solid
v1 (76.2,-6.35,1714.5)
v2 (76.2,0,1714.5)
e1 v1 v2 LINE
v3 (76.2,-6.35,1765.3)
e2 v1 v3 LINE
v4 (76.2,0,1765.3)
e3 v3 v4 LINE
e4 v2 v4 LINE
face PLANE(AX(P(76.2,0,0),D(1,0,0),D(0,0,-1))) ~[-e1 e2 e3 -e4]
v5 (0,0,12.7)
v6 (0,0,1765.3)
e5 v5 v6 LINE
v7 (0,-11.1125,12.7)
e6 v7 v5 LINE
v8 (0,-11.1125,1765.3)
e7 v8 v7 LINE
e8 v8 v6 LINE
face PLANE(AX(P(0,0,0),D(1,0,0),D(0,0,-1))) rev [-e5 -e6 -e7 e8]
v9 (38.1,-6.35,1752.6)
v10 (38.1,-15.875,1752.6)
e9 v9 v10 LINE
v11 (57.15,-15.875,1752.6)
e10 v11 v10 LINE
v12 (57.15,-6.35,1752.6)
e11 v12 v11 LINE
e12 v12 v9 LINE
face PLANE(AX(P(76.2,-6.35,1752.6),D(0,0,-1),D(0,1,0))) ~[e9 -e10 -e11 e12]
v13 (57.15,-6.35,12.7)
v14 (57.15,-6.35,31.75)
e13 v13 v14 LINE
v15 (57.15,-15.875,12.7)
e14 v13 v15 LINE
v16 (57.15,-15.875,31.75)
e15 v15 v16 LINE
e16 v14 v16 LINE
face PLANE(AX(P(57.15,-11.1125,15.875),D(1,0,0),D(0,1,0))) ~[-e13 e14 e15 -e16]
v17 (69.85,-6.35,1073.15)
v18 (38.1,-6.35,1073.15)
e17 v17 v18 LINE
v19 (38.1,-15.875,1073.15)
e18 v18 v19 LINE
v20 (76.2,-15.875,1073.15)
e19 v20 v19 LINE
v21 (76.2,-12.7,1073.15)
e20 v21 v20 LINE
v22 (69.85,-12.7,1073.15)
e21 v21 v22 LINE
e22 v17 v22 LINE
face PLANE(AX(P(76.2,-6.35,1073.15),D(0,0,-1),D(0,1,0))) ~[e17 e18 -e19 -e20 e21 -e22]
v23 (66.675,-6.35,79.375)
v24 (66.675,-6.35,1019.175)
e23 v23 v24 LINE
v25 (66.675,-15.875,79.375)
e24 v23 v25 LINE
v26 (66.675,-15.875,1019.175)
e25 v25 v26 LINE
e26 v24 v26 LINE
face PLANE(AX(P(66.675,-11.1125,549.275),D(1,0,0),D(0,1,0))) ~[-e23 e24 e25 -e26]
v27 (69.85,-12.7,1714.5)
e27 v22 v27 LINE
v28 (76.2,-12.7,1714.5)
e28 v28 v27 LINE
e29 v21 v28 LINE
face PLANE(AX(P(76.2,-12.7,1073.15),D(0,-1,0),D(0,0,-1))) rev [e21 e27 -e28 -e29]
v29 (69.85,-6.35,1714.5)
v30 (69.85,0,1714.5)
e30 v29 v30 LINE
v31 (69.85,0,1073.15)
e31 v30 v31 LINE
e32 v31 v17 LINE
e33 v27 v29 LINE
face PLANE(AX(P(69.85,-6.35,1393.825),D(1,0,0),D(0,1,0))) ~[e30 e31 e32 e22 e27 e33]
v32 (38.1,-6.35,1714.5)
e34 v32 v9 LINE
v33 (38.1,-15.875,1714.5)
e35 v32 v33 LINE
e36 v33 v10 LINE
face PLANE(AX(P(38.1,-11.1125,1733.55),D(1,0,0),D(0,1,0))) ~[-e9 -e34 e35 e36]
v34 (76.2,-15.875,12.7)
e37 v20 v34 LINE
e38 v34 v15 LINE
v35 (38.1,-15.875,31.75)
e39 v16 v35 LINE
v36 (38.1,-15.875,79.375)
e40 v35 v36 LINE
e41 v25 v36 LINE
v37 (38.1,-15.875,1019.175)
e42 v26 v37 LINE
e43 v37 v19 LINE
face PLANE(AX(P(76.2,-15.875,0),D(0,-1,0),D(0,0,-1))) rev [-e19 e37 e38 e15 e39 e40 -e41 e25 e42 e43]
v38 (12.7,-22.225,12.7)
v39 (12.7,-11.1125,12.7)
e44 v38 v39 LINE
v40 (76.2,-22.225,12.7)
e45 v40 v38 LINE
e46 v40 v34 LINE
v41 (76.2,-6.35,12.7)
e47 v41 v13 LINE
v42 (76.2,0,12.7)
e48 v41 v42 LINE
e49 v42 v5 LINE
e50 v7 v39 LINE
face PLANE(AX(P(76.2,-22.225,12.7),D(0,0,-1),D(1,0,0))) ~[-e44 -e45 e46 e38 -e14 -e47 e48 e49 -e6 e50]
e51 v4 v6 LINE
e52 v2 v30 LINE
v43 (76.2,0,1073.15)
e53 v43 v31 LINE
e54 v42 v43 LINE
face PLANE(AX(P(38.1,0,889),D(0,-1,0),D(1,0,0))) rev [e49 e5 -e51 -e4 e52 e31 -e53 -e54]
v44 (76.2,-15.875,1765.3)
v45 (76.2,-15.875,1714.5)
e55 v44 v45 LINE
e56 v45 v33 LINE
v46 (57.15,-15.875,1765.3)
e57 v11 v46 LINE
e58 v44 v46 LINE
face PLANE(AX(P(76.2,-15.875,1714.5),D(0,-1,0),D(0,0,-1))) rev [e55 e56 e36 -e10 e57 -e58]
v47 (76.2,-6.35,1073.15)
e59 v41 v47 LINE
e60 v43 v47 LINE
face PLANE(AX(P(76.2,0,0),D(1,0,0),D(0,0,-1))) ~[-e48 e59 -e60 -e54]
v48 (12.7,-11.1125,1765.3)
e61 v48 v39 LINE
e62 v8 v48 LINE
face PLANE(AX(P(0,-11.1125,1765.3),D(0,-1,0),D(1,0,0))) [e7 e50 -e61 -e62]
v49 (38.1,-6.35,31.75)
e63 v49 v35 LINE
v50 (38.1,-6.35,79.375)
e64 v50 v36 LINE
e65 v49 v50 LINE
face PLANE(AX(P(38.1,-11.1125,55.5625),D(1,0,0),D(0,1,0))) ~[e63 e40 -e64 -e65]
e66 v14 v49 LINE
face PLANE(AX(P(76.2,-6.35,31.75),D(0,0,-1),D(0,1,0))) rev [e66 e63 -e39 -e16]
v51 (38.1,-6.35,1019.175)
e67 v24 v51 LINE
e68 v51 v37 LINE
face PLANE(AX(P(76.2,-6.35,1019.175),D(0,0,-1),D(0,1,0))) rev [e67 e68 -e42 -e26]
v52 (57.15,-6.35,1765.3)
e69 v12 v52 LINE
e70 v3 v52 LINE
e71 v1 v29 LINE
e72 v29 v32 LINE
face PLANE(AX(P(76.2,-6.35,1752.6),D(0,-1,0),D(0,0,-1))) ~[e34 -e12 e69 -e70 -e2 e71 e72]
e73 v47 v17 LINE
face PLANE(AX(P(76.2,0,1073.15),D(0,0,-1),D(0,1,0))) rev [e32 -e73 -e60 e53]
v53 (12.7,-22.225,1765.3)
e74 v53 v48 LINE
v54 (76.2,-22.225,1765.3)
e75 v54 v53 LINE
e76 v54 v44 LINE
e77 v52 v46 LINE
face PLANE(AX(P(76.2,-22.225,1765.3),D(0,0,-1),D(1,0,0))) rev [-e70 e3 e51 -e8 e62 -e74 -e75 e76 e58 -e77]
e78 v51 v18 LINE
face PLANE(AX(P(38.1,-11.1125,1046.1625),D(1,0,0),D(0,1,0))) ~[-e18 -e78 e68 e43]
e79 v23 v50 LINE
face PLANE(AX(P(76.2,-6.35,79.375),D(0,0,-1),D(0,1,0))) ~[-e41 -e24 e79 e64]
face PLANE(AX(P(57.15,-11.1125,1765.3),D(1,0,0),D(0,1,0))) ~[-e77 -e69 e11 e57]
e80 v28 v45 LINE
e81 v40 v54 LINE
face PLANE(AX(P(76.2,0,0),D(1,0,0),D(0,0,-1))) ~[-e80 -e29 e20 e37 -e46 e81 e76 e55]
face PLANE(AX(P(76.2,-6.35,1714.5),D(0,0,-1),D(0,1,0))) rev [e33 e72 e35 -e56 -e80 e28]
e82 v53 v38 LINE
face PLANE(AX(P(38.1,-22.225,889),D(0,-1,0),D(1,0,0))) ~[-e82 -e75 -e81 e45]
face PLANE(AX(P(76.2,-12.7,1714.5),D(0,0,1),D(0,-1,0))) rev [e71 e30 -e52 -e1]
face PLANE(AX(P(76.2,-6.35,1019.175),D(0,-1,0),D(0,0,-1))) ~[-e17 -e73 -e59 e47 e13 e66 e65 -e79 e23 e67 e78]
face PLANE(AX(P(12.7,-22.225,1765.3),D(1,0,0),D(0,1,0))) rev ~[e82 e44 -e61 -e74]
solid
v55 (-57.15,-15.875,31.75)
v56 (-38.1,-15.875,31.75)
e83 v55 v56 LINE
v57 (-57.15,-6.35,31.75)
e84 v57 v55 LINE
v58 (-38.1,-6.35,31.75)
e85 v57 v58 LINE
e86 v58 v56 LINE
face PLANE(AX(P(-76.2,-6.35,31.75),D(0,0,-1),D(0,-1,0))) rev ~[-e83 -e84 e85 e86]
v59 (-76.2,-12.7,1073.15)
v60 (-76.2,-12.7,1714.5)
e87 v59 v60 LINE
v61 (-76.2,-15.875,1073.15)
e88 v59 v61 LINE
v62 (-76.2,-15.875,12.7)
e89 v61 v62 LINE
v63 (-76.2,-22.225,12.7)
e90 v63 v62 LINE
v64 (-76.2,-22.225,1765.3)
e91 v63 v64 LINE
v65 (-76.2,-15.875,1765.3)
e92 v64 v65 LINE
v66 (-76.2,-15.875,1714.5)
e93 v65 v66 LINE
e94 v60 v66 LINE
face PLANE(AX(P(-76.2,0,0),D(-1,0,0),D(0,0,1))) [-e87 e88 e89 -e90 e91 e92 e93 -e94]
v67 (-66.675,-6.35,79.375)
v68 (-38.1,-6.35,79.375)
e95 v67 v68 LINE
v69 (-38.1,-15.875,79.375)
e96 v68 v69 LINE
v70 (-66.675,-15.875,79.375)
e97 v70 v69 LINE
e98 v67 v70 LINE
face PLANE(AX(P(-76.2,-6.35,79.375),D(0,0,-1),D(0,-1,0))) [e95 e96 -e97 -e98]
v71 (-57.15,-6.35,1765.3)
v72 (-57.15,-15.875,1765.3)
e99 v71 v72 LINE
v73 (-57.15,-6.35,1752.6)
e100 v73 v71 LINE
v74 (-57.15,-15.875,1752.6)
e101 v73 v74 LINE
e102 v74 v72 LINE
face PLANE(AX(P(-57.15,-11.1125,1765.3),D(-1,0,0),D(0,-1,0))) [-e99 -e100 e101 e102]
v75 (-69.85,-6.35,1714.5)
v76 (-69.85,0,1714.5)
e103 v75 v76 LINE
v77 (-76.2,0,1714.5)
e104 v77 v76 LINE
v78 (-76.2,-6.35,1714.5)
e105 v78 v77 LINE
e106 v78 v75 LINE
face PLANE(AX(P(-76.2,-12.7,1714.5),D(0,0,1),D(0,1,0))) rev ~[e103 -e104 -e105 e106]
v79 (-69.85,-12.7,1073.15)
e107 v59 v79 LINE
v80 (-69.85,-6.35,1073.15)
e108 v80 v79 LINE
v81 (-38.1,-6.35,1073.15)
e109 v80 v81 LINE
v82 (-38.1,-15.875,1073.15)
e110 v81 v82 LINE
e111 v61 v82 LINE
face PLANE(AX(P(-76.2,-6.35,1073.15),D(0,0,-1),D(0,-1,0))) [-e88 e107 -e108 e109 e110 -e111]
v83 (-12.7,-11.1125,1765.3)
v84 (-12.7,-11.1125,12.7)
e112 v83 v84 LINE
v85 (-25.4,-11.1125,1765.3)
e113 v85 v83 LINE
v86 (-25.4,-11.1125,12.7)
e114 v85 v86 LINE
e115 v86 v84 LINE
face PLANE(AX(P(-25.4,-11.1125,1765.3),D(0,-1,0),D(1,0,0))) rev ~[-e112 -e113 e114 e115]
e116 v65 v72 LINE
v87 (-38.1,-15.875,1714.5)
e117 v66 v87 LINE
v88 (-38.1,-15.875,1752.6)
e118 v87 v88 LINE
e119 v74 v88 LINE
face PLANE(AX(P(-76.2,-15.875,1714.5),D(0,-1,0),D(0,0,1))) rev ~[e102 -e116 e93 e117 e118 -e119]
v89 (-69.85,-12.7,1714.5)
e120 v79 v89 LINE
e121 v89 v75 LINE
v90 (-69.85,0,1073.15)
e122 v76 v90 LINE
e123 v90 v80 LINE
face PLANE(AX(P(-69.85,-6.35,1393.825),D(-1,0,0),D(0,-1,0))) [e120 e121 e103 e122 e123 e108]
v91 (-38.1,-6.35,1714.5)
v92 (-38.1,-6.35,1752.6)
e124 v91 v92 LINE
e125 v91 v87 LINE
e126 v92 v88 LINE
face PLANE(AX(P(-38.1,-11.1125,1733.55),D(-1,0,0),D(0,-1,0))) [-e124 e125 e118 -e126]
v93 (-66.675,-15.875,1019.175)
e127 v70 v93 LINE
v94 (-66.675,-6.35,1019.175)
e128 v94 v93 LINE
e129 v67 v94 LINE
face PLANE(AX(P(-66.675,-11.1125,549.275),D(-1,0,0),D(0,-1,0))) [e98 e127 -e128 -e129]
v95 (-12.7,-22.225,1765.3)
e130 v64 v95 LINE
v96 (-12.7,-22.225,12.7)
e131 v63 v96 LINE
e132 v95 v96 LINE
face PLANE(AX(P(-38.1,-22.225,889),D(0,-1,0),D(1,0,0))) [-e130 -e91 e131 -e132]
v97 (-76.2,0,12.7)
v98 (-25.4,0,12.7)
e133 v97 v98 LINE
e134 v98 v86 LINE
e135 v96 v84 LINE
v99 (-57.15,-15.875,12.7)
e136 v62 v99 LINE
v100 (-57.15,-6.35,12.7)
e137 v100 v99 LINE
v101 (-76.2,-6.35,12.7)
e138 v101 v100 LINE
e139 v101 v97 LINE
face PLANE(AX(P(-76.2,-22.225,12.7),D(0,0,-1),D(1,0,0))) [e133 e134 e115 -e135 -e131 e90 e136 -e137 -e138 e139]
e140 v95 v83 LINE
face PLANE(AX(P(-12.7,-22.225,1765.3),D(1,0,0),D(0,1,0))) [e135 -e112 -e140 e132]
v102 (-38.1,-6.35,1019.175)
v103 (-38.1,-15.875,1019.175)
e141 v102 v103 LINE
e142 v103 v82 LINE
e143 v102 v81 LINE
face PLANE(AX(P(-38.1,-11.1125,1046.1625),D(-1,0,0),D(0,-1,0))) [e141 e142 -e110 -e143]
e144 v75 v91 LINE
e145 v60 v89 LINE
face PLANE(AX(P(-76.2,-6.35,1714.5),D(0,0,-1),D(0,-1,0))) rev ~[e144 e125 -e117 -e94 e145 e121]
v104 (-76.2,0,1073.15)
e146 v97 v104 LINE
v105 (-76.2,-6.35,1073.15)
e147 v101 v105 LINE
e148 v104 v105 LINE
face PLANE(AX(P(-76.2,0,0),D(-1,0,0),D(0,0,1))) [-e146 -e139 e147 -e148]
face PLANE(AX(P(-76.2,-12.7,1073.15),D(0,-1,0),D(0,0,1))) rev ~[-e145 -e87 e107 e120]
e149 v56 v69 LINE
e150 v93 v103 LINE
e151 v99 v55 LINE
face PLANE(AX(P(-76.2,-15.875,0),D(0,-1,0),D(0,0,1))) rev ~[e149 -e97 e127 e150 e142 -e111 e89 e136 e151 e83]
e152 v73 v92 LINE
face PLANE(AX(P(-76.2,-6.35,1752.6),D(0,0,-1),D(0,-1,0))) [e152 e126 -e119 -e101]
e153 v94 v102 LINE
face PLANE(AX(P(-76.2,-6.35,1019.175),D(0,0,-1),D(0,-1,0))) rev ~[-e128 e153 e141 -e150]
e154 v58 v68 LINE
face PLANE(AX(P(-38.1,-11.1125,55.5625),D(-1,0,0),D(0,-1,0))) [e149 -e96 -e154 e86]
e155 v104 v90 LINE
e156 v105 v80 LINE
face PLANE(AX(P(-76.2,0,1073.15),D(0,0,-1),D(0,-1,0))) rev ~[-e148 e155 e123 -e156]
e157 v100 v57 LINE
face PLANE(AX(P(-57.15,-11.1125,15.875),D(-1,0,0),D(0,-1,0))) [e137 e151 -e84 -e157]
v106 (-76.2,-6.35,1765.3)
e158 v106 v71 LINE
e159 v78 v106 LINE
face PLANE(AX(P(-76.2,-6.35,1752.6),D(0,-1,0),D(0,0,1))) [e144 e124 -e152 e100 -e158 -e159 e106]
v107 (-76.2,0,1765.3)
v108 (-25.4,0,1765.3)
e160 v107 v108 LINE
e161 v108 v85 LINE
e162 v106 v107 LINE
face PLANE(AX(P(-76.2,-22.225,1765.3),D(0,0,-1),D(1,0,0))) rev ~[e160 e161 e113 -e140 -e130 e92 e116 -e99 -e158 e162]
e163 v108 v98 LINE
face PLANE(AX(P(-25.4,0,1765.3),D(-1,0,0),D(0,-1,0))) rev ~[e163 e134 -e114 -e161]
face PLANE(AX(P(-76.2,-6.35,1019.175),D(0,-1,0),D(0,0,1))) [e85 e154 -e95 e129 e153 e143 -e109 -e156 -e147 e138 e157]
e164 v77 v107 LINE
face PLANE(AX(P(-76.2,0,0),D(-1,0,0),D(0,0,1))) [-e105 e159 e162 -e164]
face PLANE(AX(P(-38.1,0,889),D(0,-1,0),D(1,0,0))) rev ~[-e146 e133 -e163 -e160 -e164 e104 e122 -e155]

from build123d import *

# Parameters (mm, degrees)
F0_W      = 76.2
F0_H      = 1778
F1_DEPTH  = 22.225
F2_W      = 9.525
F2_H      = 38.1
F2_H_2    = 47.625
F2_H_3    = 53.975
F3_DEPTH  = 38.1
F2_H_4    = 25.4
F2_H_5    = 31.75
F4_DEPTH  = 19.05
F5_W      = 76.2
F5_H      = 12.7
F6_DEPTH  = 22.226
F7_W      = 9.525
F7_H      = 939.8
F8_DEPTH  = 9.525
F10_DEPTH = 6.35
F12_W     = 12.7
F12_H     = 11.1125
F13_DEPTH = 1752.6
F14_W     = 12.7
F14_H     = 11.1125
F15_DEPTH = 1752.6


with BuildPart() as f1:
    # F0 (on Front) → F1 (new body)
    with BuildSketch(Plane.XZ):
        with Locations((-38.1, 889)):
            Rectangle(F0_W, F0_H)
    extrude(amount=F1_DEPTH)

    # F2 (on face) → F3 (cut)
    with BuildSketch(Plane(origin=(-76.2, 0, 0), x_dir=(0, -1, 0), z_dir=(-1, 0, 0))):
        with Locations((11.1125, 1733.55)):
            Rectangle(F2_W, F2_H)
        with Locations((11.1125, 55.5625)):
            Rectangle(F2_W, F2_H_2)
        with Locations((11.1125, 1046.1625)):
            Rectangle(F2_W, F2_H_3)
    extrude(amount=-F3_DEPTH, mode=Mode.SUBTRACT)

    # F2 (on face) → F4 (cut)
    with BuildSketch(Plane(origin=(-76.2, 0, 0), x_dir=(0, -1, 0), z_dir=(-1, 0, 0))):
        with Locations((11.1125, 1765.3)):
            Rectangle(F2_W, F2_H_4)
        with Locations((11.1125, 15.875)):
            Rectangle(F2_W, F2_H_5)
    extrude(amount=-F4_DEPTH, mode=Mode.SUBTRACT)

    # F5 (on face) → F6 (cut, through all)
    with BuildSketch(Plane.XZ.offset(22.225)):
        with Locations((-38.1, 1771.65)):
            Rectangle(F5_W, F5_H)
        with Locations((-38.1, 6.35)):
            Rectangle(F5_W, F5_H)
    extrude(amount=-F6_DEPTH, mode=Mode.SUBTRACT)

    # F7 (on face) → F8 (cut)
    with BuildSketch(Plane(origin=(-76.2, 0, 0), x_dir=(0, -1, 0), z_dir=(-1, 0, 0))):
        with Locations((11.1125, 549.275)):
            Rectangle(F7_W, F7_H)
    extrude(amount=-F8_DEPTH, mode=Mode.SUBTRACT)

    # F9 (on face) → F10 (cut)
    with BuildSketch(Plane(origin=(-76.2, 0, 0), x_dir=(0, -1, 0), z_dir=(-1, 0, 0))):
        Polygon((6.35, 1714.5), (0, 1714.5), (0, 1073.15), (6.35, 1073.15), (12.7, 1073.15), (12.7, 1714.5), align=None)
    extrude(amount=-F10_DEPTH, mode=Mode.SUBTRACT)


with BuildPart() as f11_1:
    # F11: instance of F1
    add(f1.part.mirror(Plane.YZ))

    # F14 (on face) → F15 (cut, through all)
    with BuildSketch(Plane.XY.offset(1765.3)):
        with Locations((6.35, -16.66875)):
            Rectangle(F14_W, F14_H)
    extrude(amount=-F15_DEPTH, mode=Mode.SUBTRACT)


with BuildPart() as f1_1:
    add(f1.part)

    # F12 (on face) → F13 (cut, through all)
    with BuildSketch(Plane.XY.offset(1765.3)):
        Polygon((0, 0), (-25.4, 0), (-25.4, -11.1125), (-12.7, -11.1125), (0, -11.1125), align=None)
        with Locations((-6.35, -16.66875)):
            Rectangle(F12_W, F12_H)
    extrude(amount=-F13_DEPTH, mode=Mode.SUBTRACT)


solid = Compound([f11_1.part, f1_1.part])
